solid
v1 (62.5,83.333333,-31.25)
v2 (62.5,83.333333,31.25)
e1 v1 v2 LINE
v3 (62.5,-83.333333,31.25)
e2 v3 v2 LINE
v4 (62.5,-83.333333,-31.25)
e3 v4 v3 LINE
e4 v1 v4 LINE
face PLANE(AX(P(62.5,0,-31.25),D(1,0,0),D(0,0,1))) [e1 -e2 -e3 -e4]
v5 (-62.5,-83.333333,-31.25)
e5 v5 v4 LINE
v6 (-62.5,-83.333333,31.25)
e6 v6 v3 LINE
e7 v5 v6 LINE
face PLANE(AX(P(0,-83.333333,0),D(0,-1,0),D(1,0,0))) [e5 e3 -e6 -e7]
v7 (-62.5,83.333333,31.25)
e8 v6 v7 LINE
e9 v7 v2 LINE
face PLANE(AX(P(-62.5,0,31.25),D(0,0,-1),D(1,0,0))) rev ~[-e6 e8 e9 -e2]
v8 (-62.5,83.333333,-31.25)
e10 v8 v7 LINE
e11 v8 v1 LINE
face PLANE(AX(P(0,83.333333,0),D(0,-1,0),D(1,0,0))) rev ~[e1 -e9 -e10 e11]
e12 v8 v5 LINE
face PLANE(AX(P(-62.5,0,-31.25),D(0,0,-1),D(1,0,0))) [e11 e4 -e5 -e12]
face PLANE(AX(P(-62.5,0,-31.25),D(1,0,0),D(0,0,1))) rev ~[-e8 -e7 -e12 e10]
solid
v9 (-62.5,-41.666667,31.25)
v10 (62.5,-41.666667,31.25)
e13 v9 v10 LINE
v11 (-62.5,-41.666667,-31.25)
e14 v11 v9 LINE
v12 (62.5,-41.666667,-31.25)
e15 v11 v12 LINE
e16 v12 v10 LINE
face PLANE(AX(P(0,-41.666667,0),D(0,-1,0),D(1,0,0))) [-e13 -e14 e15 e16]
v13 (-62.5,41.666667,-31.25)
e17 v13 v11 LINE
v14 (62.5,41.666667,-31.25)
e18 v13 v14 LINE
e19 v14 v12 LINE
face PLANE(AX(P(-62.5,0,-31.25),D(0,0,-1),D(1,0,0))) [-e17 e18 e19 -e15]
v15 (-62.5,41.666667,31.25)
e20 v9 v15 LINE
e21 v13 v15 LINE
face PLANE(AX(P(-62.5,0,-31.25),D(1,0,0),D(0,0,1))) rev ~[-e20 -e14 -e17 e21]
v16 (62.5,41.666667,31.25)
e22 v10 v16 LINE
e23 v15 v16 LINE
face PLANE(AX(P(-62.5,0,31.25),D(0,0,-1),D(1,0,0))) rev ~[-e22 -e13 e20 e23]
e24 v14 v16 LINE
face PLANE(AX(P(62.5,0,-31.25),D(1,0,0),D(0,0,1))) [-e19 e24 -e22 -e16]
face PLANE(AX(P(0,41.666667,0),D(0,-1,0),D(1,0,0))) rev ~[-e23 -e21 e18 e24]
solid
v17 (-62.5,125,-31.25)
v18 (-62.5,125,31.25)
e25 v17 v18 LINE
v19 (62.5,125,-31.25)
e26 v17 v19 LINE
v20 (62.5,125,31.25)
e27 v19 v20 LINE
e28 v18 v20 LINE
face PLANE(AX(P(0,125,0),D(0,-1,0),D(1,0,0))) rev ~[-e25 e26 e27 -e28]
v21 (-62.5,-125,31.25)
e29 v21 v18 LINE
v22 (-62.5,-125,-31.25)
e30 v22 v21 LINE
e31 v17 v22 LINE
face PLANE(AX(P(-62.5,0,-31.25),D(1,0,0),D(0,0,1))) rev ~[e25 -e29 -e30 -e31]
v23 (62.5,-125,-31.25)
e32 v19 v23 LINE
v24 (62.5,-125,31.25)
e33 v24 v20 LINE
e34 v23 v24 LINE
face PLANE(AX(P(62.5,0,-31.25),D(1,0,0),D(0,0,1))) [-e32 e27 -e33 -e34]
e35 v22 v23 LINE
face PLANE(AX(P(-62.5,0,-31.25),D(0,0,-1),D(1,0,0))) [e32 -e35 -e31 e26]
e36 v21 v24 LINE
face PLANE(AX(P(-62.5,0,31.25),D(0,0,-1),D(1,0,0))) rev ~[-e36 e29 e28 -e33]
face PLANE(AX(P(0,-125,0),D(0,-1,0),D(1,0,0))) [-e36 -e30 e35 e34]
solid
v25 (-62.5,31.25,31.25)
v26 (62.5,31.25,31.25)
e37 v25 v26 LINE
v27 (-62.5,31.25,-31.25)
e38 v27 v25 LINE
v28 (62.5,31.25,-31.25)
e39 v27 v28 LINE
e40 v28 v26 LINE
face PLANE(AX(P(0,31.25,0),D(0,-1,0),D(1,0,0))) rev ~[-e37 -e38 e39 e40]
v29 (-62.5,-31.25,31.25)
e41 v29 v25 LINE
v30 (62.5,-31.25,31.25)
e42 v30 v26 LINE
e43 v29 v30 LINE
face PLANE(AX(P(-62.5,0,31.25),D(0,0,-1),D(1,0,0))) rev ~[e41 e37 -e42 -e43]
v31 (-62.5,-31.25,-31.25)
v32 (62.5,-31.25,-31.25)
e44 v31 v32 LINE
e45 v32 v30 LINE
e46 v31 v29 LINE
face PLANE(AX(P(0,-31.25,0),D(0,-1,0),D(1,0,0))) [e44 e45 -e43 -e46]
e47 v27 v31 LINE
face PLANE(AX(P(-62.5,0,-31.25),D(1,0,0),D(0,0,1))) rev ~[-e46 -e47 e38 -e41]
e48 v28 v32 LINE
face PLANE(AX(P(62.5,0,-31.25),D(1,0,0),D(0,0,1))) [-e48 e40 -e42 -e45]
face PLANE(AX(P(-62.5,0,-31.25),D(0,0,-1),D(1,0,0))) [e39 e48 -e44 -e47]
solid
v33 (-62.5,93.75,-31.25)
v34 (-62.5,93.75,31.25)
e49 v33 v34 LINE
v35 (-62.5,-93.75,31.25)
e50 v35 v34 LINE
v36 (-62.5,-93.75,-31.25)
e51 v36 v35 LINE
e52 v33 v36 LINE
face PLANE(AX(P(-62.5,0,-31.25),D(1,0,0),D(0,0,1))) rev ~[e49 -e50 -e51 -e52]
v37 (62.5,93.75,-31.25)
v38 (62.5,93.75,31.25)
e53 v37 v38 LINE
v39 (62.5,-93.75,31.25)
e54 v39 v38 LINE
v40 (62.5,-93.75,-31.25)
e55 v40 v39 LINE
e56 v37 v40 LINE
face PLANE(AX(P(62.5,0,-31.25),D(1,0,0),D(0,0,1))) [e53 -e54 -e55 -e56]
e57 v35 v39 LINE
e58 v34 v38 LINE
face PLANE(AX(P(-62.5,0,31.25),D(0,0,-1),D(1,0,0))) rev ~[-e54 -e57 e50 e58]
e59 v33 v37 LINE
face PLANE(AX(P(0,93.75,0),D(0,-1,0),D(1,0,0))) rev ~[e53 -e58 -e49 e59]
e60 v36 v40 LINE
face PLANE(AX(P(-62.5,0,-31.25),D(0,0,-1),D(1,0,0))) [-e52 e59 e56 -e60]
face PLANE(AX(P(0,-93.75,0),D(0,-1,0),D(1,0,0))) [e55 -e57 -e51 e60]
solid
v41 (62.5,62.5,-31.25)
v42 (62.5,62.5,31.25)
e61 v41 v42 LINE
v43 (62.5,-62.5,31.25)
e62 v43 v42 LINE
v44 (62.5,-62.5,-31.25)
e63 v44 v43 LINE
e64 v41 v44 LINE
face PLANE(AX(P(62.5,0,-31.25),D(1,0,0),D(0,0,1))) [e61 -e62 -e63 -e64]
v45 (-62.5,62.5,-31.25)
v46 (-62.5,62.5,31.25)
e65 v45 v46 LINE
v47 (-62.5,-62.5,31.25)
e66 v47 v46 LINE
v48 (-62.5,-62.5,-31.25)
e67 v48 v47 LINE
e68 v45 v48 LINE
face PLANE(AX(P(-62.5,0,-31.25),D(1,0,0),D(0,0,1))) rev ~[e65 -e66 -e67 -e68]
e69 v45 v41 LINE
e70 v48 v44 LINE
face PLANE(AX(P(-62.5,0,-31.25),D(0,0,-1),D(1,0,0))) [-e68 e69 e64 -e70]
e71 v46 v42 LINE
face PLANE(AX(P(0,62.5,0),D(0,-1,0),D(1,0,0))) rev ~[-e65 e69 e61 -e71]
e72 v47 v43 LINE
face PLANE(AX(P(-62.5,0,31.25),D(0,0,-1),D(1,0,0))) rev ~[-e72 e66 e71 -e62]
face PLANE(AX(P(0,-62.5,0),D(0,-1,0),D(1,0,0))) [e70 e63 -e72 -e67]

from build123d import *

# Parameters (mm, degrees)
F0_W     = 125
F0_H     = 62.5
F1_DEPTH = 125
F2_DEPTH = 62.5
F3_DEPTH = 93.75
F4_DEPTH = 31.25
F5_DEPTH = 83.333333
F6_DEPTH = 41.666667


with BuildPart() as f1:
    # F0 (on Front) → F1 (new body, symmetric)
    with BuildSketch(Plane.XZ):
        Rectangle(F0_W, F0_H)
    extrude(amount=F1_DEPTH, both=True)


with BuildPart() as f2:
    # F0 (on Front) → F2 (new body, symmetric)
    with BuildSketch(Plane.XZ):
        Rectangle(F0_W, F0_H)
    extrude(amount=F2_DEPTH, both=True)


with BuildPart() as f3:
    # F0 (on Front) → F3 (new body, symmetric)
    with BuildSketch(Plane.XZ):
        Rectangle(F0_W, F0_H)
    extrude(amount=F3_DEPTH, both=True)


with BuildPart() as f4:
    # F0 (on Front) → F4 (new body, symmetric)
    with BuildSketch(Plane.XZ):
        Rectangle(F0_W, F0_H)
    extrude(amount=F4_DEPTH, both=True)


with BuildPart() as f5:
    # F0 (on Front) → F5 (new body, symmetric)
    with BuildSketch(Plane.XZ):
        Rectangle(F0_W, F0_H)
    extrude(amount=F5_DEPTH, both=True)


with BuildPart() as f6:
    # F0 (on Front) → F6 (new body, symmetric)
    with BuildSketch(Plane.XZ):
        Rectangle(F0_W, F0_H)
    extrude(amount=F6_DEPTH, both=True)


solid = Compound([f1.part, f2.part, f3.part, f4.part, f5.part, f6.part])
